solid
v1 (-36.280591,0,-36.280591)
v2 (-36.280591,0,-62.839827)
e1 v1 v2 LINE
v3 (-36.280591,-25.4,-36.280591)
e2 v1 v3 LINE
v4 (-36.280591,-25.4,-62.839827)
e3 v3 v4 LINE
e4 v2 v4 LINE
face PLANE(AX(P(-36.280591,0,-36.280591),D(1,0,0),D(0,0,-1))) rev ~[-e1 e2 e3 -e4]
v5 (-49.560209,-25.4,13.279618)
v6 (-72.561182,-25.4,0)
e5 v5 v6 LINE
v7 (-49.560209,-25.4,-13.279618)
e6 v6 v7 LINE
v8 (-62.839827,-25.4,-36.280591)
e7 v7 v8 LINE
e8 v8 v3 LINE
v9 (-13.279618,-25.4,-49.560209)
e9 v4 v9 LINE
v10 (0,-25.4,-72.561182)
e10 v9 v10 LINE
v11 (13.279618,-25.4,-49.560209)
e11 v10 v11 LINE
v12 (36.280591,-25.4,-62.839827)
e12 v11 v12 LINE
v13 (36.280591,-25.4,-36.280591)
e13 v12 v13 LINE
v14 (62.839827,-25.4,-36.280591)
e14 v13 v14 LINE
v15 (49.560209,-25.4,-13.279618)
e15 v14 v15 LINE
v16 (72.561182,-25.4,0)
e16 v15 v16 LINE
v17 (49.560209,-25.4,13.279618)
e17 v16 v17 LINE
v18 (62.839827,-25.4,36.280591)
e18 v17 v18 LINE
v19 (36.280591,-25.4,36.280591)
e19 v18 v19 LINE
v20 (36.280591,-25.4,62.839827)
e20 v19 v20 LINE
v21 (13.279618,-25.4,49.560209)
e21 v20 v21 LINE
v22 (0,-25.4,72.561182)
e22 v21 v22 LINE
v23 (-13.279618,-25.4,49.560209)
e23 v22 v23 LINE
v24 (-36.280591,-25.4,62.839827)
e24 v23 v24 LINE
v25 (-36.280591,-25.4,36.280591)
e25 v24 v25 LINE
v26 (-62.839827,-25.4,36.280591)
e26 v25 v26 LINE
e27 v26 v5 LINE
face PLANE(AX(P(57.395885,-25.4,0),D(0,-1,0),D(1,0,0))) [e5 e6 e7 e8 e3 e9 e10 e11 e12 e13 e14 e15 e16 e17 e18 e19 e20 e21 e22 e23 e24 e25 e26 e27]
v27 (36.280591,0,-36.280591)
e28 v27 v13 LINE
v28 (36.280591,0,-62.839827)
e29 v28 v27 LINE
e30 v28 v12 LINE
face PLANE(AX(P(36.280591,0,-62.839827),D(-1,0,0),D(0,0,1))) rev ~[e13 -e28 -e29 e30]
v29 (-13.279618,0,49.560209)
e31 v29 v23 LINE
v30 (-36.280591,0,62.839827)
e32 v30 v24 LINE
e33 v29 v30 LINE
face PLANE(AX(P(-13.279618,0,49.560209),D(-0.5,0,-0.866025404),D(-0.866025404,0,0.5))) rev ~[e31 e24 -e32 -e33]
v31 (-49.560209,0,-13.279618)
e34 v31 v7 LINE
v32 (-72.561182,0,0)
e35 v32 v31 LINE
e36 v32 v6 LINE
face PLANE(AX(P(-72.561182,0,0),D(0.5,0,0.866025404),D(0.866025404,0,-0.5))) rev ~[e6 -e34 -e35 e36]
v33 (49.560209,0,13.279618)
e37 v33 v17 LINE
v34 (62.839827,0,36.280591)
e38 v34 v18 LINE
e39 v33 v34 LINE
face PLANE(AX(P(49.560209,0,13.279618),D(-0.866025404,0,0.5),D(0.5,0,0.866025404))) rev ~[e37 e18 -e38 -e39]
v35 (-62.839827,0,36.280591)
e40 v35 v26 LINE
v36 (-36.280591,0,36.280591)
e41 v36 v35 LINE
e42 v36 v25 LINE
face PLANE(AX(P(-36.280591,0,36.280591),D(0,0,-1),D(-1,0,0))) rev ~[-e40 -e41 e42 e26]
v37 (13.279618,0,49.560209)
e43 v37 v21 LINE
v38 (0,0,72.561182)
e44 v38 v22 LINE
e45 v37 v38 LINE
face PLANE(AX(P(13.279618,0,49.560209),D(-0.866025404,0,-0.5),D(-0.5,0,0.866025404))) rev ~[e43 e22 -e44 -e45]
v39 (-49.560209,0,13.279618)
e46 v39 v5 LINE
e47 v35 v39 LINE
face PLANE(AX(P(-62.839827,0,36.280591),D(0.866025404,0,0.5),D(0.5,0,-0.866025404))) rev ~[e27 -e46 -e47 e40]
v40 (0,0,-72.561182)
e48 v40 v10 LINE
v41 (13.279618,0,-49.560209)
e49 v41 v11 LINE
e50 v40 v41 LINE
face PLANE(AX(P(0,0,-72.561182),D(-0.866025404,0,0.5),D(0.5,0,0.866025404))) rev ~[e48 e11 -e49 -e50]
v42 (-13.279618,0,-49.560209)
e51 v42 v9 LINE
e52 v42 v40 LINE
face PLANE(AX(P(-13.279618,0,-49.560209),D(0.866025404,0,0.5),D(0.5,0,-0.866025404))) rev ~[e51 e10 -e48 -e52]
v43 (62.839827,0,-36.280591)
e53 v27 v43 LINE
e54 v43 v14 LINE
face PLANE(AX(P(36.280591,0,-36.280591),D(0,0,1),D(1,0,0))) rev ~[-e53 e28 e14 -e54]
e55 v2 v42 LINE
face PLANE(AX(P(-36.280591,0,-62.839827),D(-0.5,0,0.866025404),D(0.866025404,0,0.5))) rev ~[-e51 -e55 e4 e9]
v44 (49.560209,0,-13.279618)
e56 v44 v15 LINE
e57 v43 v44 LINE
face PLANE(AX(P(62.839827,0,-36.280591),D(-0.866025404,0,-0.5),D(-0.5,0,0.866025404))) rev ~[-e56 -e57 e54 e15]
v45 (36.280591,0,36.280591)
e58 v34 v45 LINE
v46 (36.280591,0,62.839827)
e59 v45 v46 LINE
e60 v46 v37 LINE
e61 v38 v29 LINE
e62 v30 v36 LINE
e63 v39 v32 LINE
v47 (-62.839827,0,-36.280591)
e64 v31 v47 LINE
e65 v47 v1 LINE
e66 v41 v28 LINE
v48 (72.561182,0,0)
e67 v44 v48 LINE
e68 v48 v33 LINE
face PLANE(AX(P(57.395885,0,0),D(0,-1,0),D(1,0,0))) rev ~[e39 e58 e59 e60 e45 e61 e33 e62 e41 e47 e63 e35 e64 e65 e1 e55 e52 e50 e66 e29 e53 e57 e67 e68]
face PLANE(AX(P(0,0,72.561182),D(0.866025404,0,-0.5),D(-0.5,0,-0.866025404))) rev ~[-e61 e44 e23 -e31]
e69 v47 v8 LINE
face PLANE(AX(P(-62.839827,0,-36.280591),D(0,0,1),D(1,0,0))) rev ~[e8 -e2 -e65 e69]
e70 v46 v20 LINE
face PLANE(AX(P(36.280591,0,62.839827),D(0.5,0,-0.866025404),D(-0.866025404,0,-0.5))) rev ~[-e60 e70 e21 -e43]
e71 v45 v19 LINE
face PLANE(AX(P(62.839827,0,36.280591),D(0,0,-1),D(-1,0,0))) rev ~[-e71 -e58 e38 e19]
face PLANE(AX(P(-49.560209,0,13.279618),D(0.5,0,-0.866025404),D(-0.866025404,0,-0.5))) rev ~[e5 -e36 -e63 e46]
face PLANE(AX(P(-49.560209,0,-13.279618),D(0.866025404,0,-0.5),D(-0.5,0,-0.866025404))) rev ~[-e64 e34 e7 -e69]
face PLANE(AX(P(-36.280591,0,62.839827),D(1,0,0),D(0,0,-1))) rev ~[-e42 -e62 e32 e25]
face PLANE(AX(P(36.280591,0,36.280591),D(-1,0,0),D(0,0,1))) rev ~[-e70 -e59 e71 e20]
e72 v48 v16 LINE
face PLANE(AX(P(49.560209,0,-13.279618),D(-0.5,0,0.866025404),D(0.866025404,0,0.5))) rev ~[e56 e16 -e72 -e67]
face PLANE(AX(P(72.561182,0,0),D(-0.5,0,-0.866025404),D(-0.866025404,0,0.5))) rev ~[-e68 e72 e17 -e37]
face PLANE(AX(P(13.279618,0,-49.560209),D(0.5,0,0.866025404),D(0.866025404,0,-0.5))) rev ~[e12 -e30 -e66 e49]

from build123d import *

# Parameters (mm, degrees)
F0_R     = 38.1
F1_DEPTH = 25.4


with BuildPart() as f1:
    # F0 (on Front) → F1 (new body)
    with BuildSketch(Plane.XZ):
        with BuildLine():
            ThreePointArc((49.1988245643, 12.6536817364), (50.3981164721, 6.3772922205), (50.8, 0))
            ThreePointArc((50.8, 0), (50.3981164721, -6.3772922205), (49.1988245643, -12.6536817364))
            Line((49.1988245643, -12.6536817364), (49.5602090261, -13.2796179853))
            Line((49.5602090261, -13.2796179853), (72.5611820817, 0))
            Line((72.5611820817, 0), (49.5602090261, 13.2796179853))
            Line((49.5602090261, 13.2796179853), (49.1988245643, 12.6536817364))
        make_face()
        with BuildLine():
            ThreePointArc((48.9342727773, 13.641002447), (49.0690319755, 13.1480074912), (49.1988245643, 12.6536817364))
            Line((49.1988245643, 12.6536817364), (49.5602090261, 13.2796179853))
            Line((49.5602090261, 13.2796179853), (48.9342727773, 13.641002447))
        make_face()
        with BuildLine():
            Line((49.5602090261, -13.2796179853), (49.1988245643, -12.6536817364))
            ThreePointArc((49.1988245643, -12.6536817364), (49.0690319755, -13.1480074912), (48.9342727773, -13.641002447))
            Line((48.9342727773, -13.641002447), (49.5602090261, -13.2796179853))
        make_face()
        with BuildLine():
            ThreePointArc((36.2805910408, 35.5578221173), (43.9940905122, 25.4), (48.9342727773, 13.641002447))
            Line((48.9342727773, 13.641002447), (49.5602090261, 13.2796179853))
            Line((49.5602090261, 13.2796179853), (62.8398270114, 36.2805910408))
            Line((62.8398270114, 36.2805910408), (36.2805910408, 36.2805910408))
            Line((36.2805910408, 36.2805910408), (36.2805910408, 35.5578221173))
        make_face()
        with BuildLine():
            Line((49.5602090261, -13.2796179853), (48.9342727773, -13.641002447))
            ThreePointArc((48.9342727773, -13.641002447), (43.9940905122, -25.4), (36.2805910408, -35.5578221173))
            Line((36.2805910408, -35.5578221173), (36.2805910408, -36.2805910408))
            Line((36.2805910408, -36.2805910408), (62.8398270114, -36.2805910408))
            Line((62.8398270114, -36.2805910408), (49.5602090261, -13.2796179853))
        make_face()
        with BuildLine():
            ThreePointArc((35.5578221173, 36.2805910408), (35.9210244843, 35.9210244843), (36.2805910408, 35.5578221173))
            Line((36.2805910408, 35.5578221173), (36.2805910408, 36.2805910408))
            Line((36.2805910408, 36.2805910408), (35.5578221173, 36.2805910408))
        make_face()
        with BuildLine():
            Line((36.2805910408, -36.2805910408), (36.2805910408, -35.5578221173))
            ThreePointArc((36.2805910408, -35.5578221173), (35.9210244843, -35.9210244843), (35.5578221173, -36.2805910408))
            Line((35.5578221173, -36.2805910408), (36.2805910408, -36.2805910408))
        make_face()
        with BuildLine():
            ThreePointArc((13.641002447, 48.9342727773), (25.4, 43.9940905122), (35.5578221173, 36.2805910408))
            Line((35.5578221173, 36.2805910408), (36.2805910408, 36.2805910408))
            Line((36.2805910408, 36.2805910408), (36.2805910408, 62.8398270114))
            Line((36.2805910408, 62.8398270114), (13.2796179853, 49.5602090261))
            Line((13.2796179853, 49.5602090261), (13.641002447, 48.9342727773))
        make_face()
        with BuildLine():
            Line((36.2805910408, -36.2805910408), (35.5578221173, -36.2805910408))
            ThreePointArc((35.5578221173, -36.2805910408), (25.4, -43.9940905122), (13.641002447, -48.9342727773))
            Line((13.641002447, -48.9342727773), (13.2796179853, -49.5602090261))
            Line((13.2796179853, -49.5602090261), (36.2805910408, -62.8398270114))
            Line((36.2805910408, -62.8398270114), (36.2805910408, -36.2805910408))
        make_face()
        with BuildLine():
            ThreePointArc((12.6536817364, 49.1988245643), (13.1480074912, 49.0690319755), (13.641002447, 48.9342727773))
            Line((13.641002447, 48.9342727773), (13.2796179853, 49.5602090261))
            Line((13.2796179853, 49.5602090261), (12.6536817364, 49.1988245643))
        make_face()
        with BuildLine():
            Line((13.2796179853, -49.5602090261), (13.641002447, -48.9342727773))
            ThreePointArc((13.641002447, -48.9342727773), (13.1480074912, -49.0690319755), (12.6536817364, -49.1988245643))
            Line((12.6536817364, -49.1988245643), (13.2796179853, -49.5602090261))
        make_face()
        with BuildLine():
            ThreePointArc((-12.6536817364, 49.1988245643), (0, 50.8), (12.6536817364, 49.1988245643))
            Line((12.6536817364, 49.1988245643), (13.2796179853, 49.5602090261))
            Line((13.2796179853, 49.5602090261), (0, 72.5611820817))
            Line((0, 72.5611820817), (-13.2796179853, 49.5602090261))
            Line((-13.2796179853, 49.5602090261), (-12.6536817364, 49.1988245643))
        make_face()
        with BuildLine():
            Line((13.2796179853, -49.5602090261), (12.6536817364, -49.1988245643))
            ThreePointArc((12.6536817364, -49.1988245643), (0, -50.8), (-12.6536817364, -49.1988245643))
            Line((-12.6536817364, -49.1988245643), (-13.2796179853, -49.5602090261))
            Line((-13.2796179853, -49.5602090261), (0, -72.5611820817))
            Line((0, -72.5611820817), (13.2796179853, -49.5602090261))
        make_face()
        with BuildLine():
            ThreePointArc((-13.641002447, 48.9342727773), (-13.1480074912, 49.0690319755), (-12.6536817364, 49.1988245643))
            Line((-12.6536817364, 49.1988245643), (-13.2796179853, 49.5602090261))
            Line((-13.2796179853, 49.5602090261), (-13.641002447, 48.9342727773))
        make_face()
        with BuildLine():
            Line((-13.2796179853, -49.5602090261), (-12.6536817364, -49.1988245643))
            ThreePointArc((-12.6536817364, -49.1988245643), (-13.1480074912, -49.0690319755), (-13.641002447, -48.9342727773))
            Line((-13.641002447, -48.9342727773), (-13.2796179853, -49.5602090261))
        make_face()
        with BuildLine():
            ThreePointArc((-35.5578221173, 36.2805910408), (-25.4, 43.9940905122), (-13.641002447, 48.9342727773))
            Line((-13.641002447, 48.9342727773), (-13.2796179853, 49.5602090261))
            Line((-13.2796179853, 49.5602090261), (-36.2805910408, 62.8398270114))
            Line((-36.2805910408, 62.8398270114), (-36.2805910408, 36.2805910408))
            Line((-36.2805910408, 36.2805910408), (-35.5578221173, 36.2805910408))
        make_face()
        with BuildLine():
            Line((-13.2796179853, -49.5602090261), (-13.641002447, -48.9342727773))
            ThreePointArc((-13.641002447, -48.9342727773), (-25.4, -43.9940905122), (-35.5578221173, -36.2805910408))
            Line((-35.5578221173, -36.2805910408), (-36.2805910408, -36.2805910408))
            Line((-36.2805910408, -36.2805910408), (-36.2805910408, -62.8398270114))
            Line((-36.2805910408, -62.8398270114), (-13.2796179853, -49.5602090261))
        make_face()
        with BuildLine():
            ThreePointArc((-36.2805910408, 35.5578221173), (-35.9210244843, 35.9210244843), (-35.5578221173, 36.2805910408))
            Line((-35.5578221173, 36.2805910408), (-36.2805910408, 36.2805910408))
            Line((-36.2805910408, 36.2805910408), (-36.2805910408, 35.5578221173))
        make_face()
        with BuildLine():
            Line((-36.2805910408, -36.2805910408), (-35.5578221173, -36.2805910408))
            ThreePointArc((-35.5578221173, -36.2805910408), (-35.9210244843, -35.9210244843), (-36.2805910408, -35.5578221173))
            Line((-36.2805910408, -35.5578221173), (-36.2805910408, -36.2805910408))
        make_face()
        with BuildLine():
            ThreePointArc((-48.9342727773, 13.641002447), (-43.9940905122, 25.4), (-36.2805910408, 35.5578221173))
            Line((-36.2805910408, 35.5578221173), (-36.2805910408, 36.2805910408))
            Line((-36.2805910408, 36.2805910408), (-62.8398270114, 36.2805910408))
            Line((-62.8398270114, 36.2805910408), (-49.5602090261, 13.2796179853))
            Line((-49.5602090261, 13.2796179853), (-48.9342727773, 13.641002447))
        make_face()
        with BuildLine():
            Line((-36.2805910408, -36.2805910408), (-36.2805910408, -35.5578221173))
            ThreePointArc((-36.2805910408, -35.5578221173), (-43.9940905122, -25.4), (-48.9342727773, -13.641002447))
            Line((-48.9342727773, -13.641002447), (-49.5602090261, -13.2796179853))
            Line((-49.5602090261, -13.2796179853), (-62.8398270114, -36.2805910408))
            Line((-62.8398270114, -36.2805910408), (-36.2805910408, -36.2805910408))
        make_face()
        with BuildLine():
            ThreePointArc((-49.1988245643, 12.6536817364), (-49.0690319755, 13.1480074912), (-48.9342727773, 13.641002447))
            Line((-48.9342727773, 13.641002447), (-49.5602090261, 13.2796179853))
            Line((-49.5602090261, 13.2796179853), (-49.1988245643, 12.6536817364))
        make_face()
        with BuildLine():
            Line((-49.5602090261, -13.2796179853), (-48.9342727773, -13.641002447))
            ThreePointArc((-48.9342727773, -13.641002447), (-49.0690319755, -13.1480074912), (-49.1988245643, -12.6536817364))
            Line((-49.1988245643, -12.6536817364), (-49.5602090261, -13.2796179853))
        make_face()
        with BuildLine():
            ThreePointArc((-49.1988245643, -12.6536817364), (-50.8, 0), (-49.1988245643, 12.6536817364))
            Line((-49.1988245643, 12.6536817364), (-49.5602090261, 13.2796179853))
            Line((-49.5602090261, 13.2796179853), (-72.5611820817, 0))
            Line((-72.5611820817, 0), (-49.5602090261, -13.2796179853))
            Line((-49.5602090261, -13.2796179853), (-49.1988245643, -12.6536817364))
        make_face()
        with BuildLine():
            ThreePointArc((49.1988245643, -12.6536817364), (50.3981164721, -6.3772922205), (50.8, 0))
            ThreePointArc((50.8, 0), (50.3981164721, 6.3772922205), (49.1988245643, 12.6536817364))
            ThreePointArc((49.1988245643, 12.6536817364), (49.0690319755, 13.1480074912), (48.9342727773, 13.641002447))
            ThreePointArc((48.9342727773, 13.641002447), (43.9940905122, 25.4), (36.2805910408, 35.5578221173))
            ThreePointArc((36.2805910408, 35.5578221173), (35.9210244843, 35.9210244843), (35.5578221173, 36.2805910408))
            ThreePointArc((35.5578221173, 36.2805910408), (25.4, 43.9940905122), (13.641002447, 48.9342727773))
            ThreePointArc((13.641002447, 48.9342727773), (13.1480074912, 49.0690319755), (12.6536817364, 49.1988245643))
            ThreePointArc((12.6536817364, 49.1988245643), (0, 50.8), (-12.6536817364, 49.1988245643))
            ThreePointArc((-12.6536817364, 49.1988245643), (-13.1480074912, 49.0690319755), (-13.641002447, 48.9342727773))
            ThreePointArc((-13.641002447, 48.9342727773), (-25.4, 43.9940905122), (-35.5578221173, 36.2805910408))
            ThreePointArc((-35.5578221173, 36.2805910408), (-35.9210244843, 35.9210244843), (-36.2805910408, 35.5578221173))
            ThreePointArc((-36.2805910408, 35.5578221173), (-43.9940905122, 25.4), (-48.9342727773, 13.641002447))
            ThreePointArc((-48.9342727773, 13.641002447), (-49.0690319755, 13.1480074912), (-49.1988245643, 12.6536817364))
            ThreePointArc((-49.1988245643, 12.6536817364), (-50.8, 0), (-49.1988245643, -12.6536817364))
            ThreePointArc((-49.1988245643, -12.6536817364), (-49.0690319755, -13.1480074912), (-48.9342727773, -13.641002447))
            ThreePointArc((-48.9342727773, -13.641002447), (-43.9940905122, -25.4), (-36.2805910408, -35.5578221173))
            ThreePointArc((-36.2805910408, -35.5578221173), (-35.9210244843, -35.9210244843), (-35.5578221173, -36.2805910408))
            ThreePointArc((-35.5578221173, -36.2805910408), (-25.4, -43.9940905122), (-13.641002447, -48.9342727773))
            ThreePointArc((-13.641002447, -48.9342727773), (-13.1480074912, -49.0690319755), (-12.6536817364, -49.1988245643))
            ThreePointArc((-12.6536817364, -49.1988245643), (0, -50.8), (12.6536817364, -49.1988245643))
            ThreePointArc((12.6536817364, -49.1988245643), (13.1480074912, -49.0690319755), (13.641002447, -48.9342727773))
            ThreePointArc((13.641002447, -48.9342727773), (25.4, -43.9940905122), (35.5578221173, -36.2805910408))
            ThreePointArc((35.5578221173, -36.2805910408), (35.9210244843, -35.9210244843), (36.2805910408, -35.5578221173))
            ThreePointArc((36.2805910408, -35.5578221173), (43.9940905122, -25.4), (48.9342727773, -13.641002447))
            ThreePointArc((48.9342727773, -13.641002447), (49.0690319755, -13.1480074912), (49.1988245643, -12.6536817364))
        make_face()
        Circle(F0_R, mode=Mode.SUBTRACT)
        Circle(F0_R)
    extrude(amount=F1_DEPTH)


solid = f1.part
